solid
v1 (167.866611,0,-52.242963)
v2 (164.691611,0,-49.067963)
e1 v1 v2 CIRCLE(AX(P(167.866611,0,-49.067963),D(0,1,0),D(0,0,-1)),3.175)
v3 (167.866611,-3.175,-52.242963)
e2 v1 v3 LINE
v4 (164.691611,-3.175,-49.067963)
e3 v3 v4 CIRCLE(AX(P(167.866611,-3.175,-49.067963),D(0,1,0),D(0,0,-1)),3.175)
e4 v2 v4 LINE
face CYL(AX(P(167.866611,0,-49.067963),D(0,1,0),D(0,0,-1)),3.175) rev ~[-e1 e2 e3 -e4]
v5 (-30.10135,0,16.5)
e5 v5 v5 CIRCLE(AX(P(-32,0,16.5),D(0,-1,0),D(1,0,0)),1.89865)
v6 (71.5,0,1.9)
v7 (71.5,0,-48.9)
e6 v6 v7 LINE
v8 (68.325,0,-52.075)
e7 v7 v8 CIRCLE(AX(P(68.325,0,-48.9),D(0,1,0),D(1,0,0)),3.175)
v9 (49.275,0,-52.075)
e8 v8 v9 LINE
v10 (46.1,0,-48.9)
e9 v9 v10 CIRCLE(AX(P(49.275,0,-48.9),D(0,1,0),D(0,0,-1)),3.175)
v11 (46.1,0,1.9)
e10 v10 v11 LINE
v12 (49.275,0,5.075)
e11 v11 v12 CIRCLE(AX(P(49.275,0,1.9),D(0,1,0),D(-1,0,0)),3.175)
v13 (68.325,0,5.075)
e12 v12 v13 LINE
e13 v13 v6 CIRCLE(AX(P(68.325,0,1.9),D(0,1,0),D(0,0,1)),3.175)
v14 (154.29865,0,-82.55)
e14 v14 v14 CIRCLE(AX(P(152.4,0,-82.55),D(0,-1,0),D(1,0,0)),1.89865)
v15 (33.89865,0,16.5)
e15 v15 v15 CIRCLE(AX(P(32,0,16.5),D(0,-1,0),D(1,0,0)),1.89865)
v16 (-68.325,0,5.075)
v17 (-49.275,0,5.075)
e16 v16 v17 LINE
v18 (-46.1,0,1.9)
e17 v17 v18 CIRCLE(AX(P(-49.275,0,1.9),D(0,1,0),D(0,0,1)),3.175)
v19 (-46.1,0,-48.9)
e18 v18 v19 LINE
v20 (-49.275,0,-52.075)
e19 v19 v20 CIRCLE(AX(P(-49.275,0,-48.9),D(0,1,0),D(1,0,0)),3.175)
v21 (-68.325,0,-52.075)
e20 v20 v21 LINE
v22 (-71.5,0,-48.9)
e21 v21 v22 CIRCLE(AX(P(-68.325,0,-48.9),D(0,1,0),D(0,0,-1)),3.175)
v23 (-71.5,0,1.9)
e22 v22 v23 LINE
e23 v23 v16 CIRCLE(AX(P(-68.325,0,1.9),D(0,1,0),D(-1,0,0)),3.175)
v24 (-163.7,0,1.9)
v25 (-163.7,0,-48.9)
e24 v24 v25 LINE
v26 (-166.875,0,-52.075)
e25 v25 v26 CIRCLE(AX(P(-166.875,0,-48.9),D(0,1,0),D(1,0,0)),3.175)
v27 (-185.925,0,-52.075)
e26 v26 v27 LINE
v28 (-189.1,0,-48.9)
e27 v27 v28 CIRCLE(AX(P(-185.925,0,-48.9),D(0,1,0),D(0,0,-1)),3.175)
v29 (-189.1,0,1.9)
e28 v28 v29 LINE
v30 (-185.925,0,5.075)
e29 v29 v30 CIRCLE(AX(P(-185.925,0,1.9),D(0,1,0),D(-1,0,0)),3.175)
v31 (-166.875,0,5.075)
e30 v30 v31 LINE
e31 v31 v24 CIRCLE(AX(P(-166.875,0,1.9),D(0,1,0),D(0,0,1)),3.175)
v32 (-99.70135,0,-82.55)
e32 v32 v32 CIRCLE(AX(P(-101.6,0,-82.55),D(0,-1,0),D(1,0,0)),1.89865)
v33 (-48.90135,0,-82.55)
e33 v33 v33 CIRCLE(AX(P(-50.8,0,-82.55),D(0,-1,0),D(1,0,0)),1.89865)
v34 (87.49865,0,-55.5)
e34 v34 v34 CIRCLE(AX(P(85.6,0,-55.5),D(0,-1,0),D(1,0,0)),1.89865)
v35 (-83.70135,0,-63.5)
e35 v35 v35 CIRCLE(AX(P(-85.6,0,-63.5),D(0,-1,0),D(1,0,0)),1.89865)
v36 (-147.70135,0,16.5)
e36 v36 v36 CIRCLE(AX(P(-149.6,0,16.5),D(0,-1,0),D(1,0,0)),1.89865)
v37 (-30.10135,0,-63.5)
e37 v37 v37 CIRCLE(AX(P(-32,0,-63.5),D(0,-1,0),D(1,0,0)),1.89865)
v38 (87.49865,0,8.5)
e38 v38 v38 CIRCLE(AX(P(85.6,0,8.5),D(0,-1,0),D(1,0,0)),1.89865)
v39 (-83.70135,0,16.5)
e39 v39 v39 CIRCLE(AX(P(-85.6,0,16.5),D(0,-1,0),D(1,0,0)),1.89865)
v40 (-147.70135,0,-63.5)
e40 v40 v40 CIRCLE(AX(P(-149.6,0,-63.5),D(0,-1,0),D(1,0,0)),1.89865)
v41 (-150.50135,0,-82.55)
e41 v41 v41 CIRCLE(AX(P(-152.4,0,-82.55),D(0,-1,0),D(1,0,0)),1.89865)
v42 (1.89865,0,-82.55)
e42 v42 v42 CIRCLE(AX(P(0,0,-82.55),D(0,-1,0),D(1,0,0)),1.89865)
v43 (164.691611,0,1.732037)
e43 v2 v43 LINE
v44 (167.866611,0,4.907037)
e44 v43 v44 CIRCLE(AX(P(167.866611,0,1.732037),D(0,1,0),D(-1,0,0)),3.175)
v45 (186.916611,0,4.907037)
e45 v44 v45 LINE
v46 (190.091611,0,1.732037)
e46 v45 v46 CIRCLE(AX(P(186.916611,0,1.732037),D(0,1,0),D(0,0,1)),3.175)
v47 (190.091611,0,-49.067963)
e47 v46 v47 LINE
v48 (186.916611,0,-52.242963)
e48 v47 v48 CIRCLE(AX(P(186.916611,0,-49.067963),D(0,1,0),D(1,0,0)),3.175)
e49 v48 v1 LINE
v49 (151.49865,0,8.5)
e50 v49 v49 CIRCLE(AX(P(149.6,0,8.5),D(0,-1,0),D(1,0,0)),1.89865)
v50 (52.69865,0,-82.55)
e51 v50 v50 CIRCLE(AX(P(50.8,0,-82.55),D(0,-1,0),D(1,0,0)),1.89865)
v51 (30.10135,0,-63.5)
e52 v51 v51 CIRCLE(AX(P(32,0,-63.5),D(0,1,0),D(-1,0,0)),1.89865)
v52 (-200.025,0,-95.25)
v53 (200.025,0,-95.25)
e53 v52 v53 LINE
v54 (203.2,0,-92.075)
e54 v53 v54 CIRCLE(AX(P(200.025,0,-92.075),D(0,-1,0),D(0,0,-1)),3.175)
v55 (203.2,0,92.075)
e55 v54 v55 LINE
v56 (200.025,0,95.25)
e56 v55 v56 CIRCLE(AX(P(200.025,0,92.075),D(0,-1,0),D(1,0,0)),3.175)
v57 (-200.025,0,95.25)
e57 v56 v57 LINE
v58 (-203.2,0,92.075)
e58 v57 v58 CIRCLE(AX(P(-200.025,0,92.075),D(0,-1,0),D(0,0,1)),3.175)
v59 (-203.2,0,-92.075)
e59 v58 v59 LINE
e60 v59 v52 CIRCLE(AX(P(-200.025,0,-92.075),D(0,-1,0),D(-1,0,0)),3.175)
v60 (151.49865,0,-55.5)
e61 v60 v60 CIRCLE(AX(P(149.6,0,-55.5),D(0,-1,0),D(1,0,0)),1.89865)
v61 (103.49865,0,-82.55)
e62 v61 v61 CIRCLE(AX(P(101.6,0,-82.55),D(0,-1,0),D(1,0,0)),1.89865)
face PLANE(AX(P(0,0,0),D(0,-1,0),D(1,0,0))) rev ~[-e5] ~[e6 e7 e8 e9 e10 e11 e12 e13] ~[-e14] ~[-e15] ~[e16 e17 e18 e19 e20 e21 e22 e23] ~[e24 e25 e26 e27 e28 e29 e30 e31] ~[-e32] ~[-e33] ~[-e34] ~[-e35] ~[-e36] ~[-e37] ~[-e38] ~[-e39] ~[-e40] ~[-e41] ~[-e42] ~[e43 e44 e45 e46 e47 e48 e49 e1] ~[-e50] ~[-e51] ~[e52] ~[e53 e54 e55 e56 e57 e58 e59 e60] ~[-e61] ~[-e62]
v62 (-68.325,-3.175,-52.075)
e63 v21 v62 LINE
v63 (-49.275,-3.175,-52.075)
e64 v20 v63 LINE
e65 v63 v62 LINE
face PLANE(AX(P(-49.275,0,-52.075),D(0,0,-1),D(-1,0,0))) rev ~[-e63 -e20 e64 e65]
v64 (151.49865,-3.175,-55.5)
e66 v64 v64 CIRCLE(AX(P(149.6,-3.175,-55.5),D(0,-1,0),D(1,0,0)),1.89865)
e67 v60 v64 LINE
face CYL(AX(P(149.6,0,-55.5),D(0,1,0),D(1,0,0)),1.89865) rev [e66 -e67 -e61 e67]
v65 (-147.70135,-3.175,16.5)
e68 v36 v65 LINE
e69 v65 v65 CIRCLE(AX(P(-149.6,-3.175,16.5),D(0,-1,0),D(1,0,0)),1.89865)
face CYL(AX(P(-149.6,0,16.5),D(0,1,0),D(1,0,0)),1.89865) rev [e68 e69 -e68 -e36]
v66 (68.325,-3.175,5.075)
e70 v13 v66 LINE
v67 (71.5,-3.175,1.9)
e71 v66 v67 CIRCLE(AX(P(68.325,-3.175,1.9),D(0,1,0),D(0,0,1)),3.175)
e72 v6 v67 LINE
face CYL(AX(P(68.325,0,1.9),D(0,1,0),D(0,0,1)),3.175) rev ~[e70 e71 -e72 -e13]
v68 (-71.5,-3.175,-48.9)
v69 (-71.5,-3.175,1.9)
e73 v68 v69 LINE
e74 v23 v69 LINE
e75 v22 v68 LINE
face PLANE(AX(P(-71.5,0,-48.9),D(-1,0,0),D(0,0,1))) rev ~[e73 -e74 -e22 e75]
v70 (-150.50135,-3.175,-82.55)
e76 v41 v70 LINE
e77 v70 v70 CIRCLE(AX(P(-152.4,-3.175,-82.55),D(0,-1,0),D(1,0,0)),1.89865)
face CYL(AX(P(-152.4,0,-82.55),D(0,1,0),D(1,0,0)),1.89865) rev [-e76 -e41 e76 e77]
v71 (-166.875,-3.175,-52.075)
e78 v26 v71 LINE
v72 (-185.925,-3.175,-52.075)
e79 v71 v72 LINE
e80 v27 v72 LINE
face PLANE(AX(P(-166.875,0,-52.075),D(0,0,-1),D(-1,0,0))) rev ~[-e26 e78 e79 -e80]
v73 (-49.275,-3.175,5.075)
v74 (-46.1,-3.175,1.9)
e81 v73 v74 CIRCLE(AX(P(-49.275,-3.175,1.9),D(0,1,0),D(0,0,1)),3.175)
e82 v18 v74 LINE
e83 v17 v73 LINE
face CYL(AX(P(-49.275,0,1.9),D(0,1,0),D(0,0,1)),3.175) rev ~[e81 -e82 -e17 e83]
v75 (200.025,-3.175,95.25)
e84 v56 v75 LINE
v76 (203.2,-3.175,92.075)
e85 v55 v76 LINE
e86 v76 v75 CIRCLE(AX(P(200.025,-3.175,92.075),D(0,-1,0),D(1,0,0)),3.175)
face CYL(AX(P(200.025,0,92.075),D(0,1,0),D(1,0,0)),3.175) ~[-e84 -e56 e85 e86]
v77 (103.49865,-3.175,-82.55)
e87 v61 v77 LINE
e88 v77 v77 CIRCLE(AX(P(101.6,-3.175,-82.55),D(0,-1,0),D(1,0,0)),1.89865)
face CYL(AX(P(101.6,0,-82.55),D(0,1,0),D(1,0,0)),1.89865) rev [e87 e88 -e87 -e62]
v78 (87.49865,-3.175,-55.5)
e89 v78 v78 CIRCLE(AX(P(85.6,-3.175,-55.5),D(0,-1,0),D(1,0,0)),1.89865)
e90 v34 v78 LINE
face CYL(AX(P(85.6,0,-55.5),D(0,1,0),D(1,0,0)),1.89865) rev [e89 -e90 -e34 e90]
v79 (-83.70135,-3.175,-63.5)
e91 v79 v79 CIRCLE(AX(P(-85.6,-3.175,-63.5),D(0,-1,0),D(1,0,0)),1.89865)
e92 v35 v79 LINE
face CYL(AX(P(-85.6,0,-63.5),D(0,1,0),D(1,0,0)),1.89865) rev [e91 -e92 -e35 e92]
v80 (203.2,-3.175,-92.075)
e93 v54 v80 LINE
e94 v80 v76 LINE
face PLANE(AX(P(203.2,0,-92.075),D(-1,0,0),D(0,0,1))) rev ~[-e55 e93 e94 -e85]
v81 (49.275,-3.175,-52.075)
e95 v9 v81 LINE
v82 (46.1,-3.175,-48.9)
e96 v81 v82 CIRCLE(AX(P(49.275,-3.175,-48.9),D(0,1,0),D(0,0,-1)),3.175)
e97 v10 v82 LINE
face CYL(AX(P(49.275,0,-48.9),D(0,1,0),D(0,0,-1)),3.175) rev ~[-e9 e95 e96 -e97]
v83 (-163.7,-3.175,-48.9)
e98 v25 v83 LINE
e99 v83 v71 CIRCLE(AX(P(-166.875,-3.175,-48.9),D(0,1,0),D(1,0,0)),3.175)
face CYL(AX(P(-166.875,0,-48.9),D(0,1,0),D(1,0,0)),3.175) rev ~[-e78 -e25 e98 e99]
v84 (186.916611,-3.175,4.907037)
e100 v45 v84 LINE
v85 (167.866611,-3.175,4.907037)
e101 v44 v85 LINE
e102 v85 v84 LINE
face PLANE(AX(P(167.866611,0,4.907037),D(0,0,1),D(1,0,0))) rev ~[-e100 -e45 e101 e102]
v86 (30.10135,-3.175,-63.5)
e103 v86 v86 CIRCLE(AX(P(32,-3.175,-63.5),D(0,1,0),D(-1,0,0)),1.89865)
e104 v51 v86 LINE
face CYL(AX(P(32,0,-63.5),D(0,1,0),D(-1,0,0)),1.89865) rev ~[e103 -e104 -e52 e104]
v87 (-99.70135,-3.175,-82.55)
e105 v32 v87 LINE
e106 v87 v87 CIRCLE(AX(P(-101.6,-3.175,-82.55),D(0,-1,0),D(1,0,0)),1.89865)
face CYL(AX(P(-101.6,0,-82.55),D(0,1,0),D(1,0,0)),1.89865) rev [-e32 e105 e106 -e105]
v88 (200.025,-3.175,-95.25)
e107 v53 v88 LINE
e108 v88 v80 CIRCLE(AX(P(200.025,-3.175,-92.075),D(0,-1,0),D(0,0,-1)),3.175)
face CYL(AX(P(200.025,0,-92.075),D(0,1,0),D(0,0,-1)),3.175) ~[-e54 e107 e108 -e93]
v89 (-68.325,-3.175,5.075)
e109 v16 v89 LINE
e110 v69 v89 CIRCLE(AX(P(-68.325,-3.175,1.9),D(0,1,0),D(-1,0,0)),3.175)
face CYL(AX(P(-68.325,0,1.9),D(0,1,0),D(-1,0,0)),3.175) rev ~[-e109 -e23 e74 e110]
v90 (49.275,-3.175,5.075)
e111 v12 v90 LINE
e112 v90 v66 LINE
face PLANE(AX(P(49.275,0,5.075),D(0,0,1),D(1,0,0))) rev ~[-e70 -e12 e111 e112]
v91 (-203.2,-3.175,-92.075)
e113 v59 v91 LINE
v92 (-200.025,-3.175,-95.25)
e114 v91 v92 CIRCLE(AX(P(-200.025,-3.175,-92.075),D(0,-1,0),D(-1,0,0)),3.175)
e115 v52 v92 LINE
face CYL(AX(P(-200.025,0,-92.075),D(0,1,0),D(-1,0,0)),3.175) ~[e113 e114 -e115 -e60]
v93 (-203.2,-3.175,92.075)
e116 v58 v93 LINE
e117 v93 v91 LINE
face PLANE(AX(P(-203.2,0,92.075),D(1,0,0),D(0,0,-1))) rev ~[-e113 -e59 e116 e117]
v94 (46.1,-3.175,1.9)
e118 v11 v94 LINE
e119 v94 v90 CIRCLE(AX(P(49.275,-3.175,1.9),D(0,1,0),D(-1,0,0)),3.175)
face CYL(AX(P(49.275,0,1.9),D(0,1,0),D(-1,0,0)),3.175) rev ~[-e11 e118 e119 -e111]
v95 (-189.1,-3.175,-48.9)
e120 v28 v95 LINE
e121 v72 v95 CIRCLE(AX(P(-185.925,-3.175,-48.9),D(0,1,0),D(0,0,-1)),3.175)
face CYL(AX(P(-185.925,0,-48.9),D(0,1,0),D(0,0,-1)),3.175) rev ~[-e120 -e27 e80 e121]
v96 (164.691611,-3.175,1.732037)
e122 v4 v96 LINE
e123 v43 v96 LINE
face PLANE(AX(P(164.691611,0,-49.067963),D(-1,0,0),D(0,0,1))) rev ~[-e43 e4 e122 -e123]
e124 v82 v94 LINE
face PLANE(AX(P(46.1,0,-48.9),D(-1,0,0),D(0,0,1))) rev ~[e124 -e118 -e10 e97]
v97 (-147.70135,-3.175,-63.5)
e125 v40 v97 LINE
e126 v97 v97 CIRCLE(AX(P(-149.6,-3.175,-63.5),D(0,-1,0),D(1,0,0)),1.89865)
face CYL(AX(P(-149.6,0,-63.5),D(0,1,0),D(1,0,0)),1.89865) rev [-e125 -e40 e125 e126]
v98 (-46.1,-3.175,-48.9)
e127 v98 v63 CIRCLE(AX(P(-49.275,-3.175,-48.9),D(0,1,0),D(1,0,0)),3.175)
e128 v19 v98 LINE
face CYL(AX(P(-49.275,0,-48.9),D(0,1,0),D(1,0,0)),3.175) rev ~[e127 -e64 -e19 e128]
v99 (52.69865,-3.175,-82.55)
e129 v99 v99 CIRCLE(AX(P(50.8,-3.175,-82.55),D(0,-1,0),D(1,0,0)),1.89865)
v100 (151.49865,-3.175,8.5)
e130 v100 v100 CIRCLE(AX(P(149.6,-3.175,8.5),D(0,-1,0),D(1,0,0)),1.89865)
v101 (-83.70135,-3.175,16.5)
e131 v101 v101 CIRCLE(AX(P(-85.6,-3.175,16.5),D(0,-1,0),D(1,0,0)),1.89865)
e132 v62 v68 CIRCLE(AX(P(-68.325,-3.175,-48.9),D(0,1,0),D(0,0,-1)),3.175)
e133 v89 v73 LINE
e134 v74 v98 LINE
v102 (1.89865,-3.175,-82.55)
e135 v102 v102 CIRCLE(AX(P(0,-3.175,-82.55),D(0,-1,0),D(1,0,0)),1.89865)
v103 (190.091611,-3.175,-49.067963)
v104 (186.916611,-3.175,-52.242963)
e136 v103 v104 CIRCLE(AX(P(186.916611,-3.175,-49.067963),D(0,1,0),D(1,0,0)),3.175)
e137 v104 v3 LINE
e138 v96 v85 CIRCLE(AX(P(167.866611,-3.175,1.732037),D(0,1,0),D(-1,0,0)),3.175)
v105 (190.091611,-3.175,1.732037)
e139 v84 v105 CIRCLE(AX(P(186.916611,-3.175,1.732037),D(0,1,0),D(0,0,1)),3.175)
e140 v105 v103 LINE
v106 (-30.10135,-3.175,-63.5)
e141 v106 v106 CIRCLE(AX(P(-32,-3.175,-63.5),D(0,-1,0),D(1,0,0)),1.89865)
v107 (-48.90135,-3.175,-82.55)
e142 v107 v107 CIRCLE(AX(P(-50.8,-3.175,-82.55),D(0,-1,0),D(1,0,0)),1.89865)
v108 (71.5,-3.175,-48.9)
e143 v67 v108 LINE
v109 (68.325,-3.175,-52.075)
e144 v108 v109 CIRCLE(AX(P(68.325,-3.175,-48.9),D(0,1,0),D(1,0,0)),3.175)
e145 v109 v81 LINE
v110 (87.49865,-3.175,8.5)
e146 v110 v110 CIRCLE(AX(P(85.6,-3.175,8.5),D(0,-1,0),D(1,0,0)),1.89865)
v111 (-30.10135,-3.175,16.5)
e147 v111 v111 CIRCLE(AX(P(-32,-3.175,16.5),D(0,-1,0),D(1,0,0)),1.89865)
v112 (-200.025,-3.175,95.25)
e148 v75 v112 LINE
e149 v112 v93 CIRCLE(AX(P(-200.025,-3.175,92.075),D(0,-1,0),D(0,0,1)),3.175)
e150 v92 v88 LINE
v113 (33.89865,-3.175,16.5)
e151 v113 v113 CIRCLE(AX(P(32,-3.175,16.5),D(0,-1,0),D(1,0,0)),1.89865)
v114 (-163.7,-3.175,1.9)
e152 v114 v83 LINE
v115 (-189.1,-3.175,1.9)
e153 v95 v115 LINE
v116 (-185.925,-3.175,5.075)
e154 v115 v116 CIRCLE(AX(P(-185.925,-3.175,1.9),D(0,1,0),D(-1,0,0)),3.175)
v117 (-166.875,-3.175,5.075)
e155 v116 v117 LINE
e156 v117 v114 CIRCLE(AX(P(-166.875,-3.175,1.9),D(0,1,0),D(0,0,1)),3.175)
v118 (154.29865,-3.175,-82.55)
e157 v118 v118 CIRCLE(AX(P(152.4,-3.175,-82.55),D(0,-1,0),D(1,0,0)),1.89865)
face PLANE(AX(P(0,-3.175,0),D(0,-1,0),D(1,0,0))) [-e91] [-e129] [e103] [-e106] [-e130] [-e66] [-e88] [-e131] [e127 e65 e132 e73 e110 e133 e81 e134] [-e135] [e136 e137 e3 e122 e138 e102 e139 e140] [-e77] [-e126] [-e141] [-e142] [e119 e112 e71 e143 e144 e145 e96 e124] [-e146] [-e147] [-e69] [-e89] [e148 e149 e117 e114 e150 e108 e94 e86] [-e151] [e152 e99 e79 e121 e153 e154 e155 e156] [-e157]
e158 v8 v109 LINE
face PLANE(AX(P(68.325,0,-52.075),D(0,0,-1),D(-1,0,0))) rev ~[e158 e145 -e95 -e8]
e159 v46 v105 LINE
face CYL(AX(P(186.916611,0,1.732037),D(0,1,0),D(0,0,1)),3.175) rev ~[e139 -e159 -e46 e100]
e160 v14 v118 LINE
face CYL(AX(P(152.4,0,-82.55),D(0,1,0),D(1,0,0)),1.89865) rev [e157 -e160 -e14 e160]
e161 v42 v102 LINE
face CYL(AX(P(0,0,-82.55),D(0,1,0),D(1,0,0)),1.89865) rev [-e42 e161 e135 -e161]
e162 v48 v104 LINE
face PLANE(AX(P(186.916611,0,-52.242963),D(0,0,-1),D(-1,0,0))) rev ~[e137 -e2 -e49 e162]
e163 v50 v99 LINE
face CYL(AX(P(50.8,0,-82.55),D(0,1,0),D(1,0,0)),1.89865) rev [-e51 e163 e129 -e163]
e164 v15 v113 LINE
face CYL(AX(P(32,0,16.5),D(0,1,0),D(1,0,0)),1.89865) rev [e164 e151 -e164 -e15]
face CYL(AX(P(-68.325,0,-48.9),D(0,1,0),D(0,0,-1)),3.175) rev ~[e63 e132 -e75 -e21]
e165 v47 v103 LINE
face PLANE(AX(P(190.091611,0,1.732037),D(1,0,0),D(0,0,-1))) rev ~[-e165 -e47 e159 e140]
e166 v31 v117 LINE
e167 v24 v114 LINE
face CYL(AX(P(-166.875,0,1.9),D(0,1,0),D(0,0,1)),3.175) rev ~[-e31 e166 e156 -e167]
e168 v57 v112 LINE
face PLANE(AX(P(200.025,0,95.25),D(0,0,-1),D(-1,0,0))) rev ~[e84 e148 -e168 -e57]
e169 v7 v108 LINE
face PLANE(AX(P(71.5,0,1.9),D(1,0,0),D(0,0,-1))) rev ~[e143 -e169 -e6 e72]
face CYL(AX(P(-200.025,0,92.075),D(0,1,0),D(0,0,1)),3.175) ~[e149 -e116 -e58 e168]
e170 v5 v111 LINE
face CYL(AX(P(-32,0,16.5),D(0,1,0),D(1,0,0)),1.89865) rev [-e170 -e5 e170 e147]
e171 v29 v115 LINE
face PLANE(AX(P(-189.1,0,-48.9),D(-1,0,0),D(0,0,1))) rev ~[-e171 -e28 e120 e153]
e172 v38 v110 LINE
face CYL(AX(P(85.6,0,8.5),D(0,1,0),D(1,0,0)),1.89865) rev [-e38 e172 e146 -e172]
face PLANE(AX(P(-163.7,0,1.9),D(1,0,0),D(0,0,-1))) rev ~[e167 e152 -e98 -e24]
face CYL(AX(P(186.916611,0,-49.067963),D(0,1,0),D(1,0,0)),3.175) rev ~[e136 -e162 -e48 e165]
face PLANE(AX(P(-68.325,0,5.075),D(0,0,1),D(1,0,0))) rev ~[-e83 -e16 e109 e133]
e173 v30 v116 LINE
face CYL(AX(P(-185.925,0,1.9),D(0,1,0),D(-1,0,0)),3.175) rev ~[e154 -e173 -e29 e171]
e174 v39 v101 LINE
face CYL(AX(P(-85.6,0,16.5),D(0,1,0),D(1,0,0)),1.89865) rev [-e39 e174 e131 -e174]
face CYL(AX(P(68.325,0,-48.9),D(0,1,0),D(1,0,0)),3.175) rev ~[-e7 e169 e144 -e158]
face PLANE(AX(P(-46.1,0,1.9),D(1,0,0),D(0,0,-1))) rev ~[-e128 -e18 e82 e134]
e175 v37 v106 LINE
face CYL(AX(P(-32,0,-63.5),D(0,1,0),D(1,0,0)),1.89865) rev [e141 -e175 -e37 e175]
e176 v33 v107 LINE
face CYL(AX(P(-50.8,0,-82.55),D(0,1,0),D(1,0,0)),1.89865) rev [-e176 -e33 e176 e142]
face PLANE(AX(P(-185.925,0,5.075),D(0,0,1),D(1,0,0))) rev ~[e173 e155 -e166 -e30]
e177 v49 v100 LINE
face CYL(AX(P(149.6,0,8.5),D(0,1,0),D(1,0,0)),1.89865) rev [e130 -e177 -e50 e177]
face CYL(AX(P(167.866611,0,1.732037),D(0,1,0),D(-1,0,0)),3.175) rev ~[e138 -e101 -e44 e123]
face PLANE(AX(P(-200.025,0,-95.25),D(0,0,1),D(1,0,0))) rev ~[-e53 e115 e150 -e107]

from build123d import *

# Parameters (mm, degrees)
F0_R     = 1.89865
F1_DEPTH = 3.175


with BuildPart() as f1:
    # F0 (on Front) → F1 (new body)
    with BuildSketch(Plane.XZ):
        with BuildLine():
            Line((200.025, 95.25), (-200.025, 95.25))
            ThreePointArc((-200.025, 95.25), (-202.2700640303, 94.3200640303), (-203.2, 92.075))
            Line((-203.2, 92.075), (-203.2, -92.075))
            ThreePointArc((-203.2, -92.075), (-202.2700640303, -94.3200640303), (-200.025, -95.25))
            Line((-200.025, -95.25), (200.025, -95.25))
            ThreePointArc((200.025, -95.25), (202.2700640303, -94.3200640303), (203.2, -92.075))
            Line((203.2, -92.075), (203.2, 92.075))
            ThreePointArc((203.2, 92.075), (202.2700640303, 94.3200640303), (200.025, 95.25))
        make_face()
        with Locations((-152.4, -82.55)):
            Circle(F0_R, mode=Mode.SUBTRACT)
        with Locations((-101.6, -82.55)):
            Circle(F0_R, mode=Mode.SUBTRACT)
        with Locations((-149.6, -63.5)):
            Circle(F0_R, mode=Mode.SUBTRACT)
        with Locations((-50.8, -82.55)):
            Circle(F0_R, mode=Mode.SUBTRACT)
        with Locations((0, -82.55)):
            Circle(F0_R, mode=Mode.SUBTRACT)
        with Locations((-85.6, -63.5)):
            Circle(F0_R, mode=Mode.SUBTRACT)
        with Locations((-32, -63.5)):
            Circle(F0_R, mode=Mode.SUBTRACT)
        with BuildLine():
            ThreePointArc((-189.1, 1.9), (-188.1700640303, 4.1450640303), (-185.925, 5.075))
            Line((-185.925, 5.075), (-166.875, 5.075))
            ThreePointArc((-166.875, 5.075), (-164.6299359697, 4.1450640303), (-163.7, 1.9))
            Line((-163.7, 1.9), (-163.7, -48.9))
            ThreePointArc((-163.7, -48.9), (-164.6299359697, -51.1450640303), (-166.875, -52.075))
            Line((-166.875, -52.075), (-185.925, -52.075))
            ThreePointArc((-185.925, -52.075), (-188.1700640303, -51.1450640303), (-189.1, -48.9))
            Line((-189.1, -48.9), (-189.1, 1.9))
        make_face(mode=Mode.SUBTRACT)
        with BuildLine():
            ThreePointArc((-71.5, 1.9), (-70.5700640303, 4.1450640303), (-68.325, 5.075))
            Line((-68.325, 5.075), (-49.275, 5.075))
            ThreePointArc((-49.275, 5.075), (-47.0299359697, 4.1450640303), (-46.1, 1.9))
            Line((-46.1, 1.9), (-46.1, -48.9))
            ThreePointArc((-46.1, -48.9), (-47.0299359697, -51.1450640303), (-49.275, -52.075))
            Line((-49.275, -52.075), (-68.325, -52.075))
            ThreePointArc((-68.325, -52.075), (-70.5700640303, -51.1450640303), (-71.5, -48.9))
            Line((-71.5, -48.9), (-71.5, 1.9))
        make_face(mode=Mode.SUBTRACT)
        with Locations((50.8, -82.55)):
            Circle(F0_R, mode=Mode.SUBTRACT)
        with Locations((101.6, -82.55)):
            Circle(F0_R, mode=Mode.SUBTRACT)
        with BuildLine():
            ThreePointArc((33.89865, -63.5), (32, -65.39865), (30.10135, -63.5))
            ThreePointArc((30.10135, -63.5), (32, -61.60135), (33.89865, -63.5))
        make_face(mode=Mode.SUBTRACT)
        with Locations((85.6, -55.5)):
            Circle(F0_R, mode=Mode.SUBTRACT)
        with Locations((152.4, -82.55)):
            Circle(F0_R, mode=Mode.SUBTRACT)
        with Locations((149.6, -55.5)):
            Circle(F0_R, mode=Mode.SUBTRACT)
        with BuildLine():
            ThreePointArc((46.1, 1.9), (47.0299359697, 4.1450640303), (49.275, 5.075))
            Line((49.275, 5.075), (68.325, 5.075))
            ThreePointArc((68.325, 5.075), (70.5700640303, 4.1450640303), (71.5, 1.9))
            Line((71.5, 1.9), (71.5, -48.9))
            ThreePointArc((71.5, -48.9), (70.5700640303, -51.1450640303), (68.325, -52.075))
            Line((68.325, -52.075), (49.275, -52.075))
            ThreePointArc((49.275, -52.075), (47.0299359697, -51.1450640303), (46.1, -48.9))
            Line((46.1, -48.9), (46.1, 1.9))
        make_face(mode=Mode.SUBTRACT)
        with BuildLine():
            ThreePointArc((164.6916105596, 1.7320367783), (165.6215465293, 3.9771008086), (167.8666105596, 4.9070367783))
            Line((167.8666105596, 4.9070367783), (186.9166105596, 4.9070367783))
            ThreePointArc((186.9166105596, 4.9070367783), (189.1616745898, 3.9771008086), (190.0916105596, 1.7320367783))
            Line((190.0916105596, 1.7320367783), (190.0916105596, -49.0679632217))
            ThreePointArc((190.0916105596, -49.0679632217), (189.1616745898, -51.3130272519), (186.9166105596, -52.2429632217))
            Line((186.9166105596, -52.2429632217), (167.8666105596, -52.2429632217))
            ThreePointArc((167.8666105596, -52.2429632217), (165.6215465293, -51.3130272519), (164.6916105596, -49.0679632217))
            Line((164.6916105596, -49.0679632217), (164.6916105596, 1.7320367783))
        make_face(mode=Mode.SUBTRACT)
        with Locations((-149.6, 16.5)):
            Circle(F0_R, mode=Mode.SUBTRACT)
        with Locations((-85.6, 16.5)):
            Circle(F0_R, mode=Mode.SUBTRACT)
        with Locations((-32, 16.5)):
            Circle(F0_R, mode=Mode.SUBTRACT)
        with Locations((32, 16.5)):
            Circle(F0_R, mode=Mode.SUBTRACT)
        with Locations((85.6, 8.5)):
            Circle(F0_R, mode=Mode.SUBTRACT)
        with Locations((149.6, 8.5)):
            Circle(F0_R, mode=Mode.SUBTRACT)
    extrude(amount=F1_DEPTH)


solid = f1.part
